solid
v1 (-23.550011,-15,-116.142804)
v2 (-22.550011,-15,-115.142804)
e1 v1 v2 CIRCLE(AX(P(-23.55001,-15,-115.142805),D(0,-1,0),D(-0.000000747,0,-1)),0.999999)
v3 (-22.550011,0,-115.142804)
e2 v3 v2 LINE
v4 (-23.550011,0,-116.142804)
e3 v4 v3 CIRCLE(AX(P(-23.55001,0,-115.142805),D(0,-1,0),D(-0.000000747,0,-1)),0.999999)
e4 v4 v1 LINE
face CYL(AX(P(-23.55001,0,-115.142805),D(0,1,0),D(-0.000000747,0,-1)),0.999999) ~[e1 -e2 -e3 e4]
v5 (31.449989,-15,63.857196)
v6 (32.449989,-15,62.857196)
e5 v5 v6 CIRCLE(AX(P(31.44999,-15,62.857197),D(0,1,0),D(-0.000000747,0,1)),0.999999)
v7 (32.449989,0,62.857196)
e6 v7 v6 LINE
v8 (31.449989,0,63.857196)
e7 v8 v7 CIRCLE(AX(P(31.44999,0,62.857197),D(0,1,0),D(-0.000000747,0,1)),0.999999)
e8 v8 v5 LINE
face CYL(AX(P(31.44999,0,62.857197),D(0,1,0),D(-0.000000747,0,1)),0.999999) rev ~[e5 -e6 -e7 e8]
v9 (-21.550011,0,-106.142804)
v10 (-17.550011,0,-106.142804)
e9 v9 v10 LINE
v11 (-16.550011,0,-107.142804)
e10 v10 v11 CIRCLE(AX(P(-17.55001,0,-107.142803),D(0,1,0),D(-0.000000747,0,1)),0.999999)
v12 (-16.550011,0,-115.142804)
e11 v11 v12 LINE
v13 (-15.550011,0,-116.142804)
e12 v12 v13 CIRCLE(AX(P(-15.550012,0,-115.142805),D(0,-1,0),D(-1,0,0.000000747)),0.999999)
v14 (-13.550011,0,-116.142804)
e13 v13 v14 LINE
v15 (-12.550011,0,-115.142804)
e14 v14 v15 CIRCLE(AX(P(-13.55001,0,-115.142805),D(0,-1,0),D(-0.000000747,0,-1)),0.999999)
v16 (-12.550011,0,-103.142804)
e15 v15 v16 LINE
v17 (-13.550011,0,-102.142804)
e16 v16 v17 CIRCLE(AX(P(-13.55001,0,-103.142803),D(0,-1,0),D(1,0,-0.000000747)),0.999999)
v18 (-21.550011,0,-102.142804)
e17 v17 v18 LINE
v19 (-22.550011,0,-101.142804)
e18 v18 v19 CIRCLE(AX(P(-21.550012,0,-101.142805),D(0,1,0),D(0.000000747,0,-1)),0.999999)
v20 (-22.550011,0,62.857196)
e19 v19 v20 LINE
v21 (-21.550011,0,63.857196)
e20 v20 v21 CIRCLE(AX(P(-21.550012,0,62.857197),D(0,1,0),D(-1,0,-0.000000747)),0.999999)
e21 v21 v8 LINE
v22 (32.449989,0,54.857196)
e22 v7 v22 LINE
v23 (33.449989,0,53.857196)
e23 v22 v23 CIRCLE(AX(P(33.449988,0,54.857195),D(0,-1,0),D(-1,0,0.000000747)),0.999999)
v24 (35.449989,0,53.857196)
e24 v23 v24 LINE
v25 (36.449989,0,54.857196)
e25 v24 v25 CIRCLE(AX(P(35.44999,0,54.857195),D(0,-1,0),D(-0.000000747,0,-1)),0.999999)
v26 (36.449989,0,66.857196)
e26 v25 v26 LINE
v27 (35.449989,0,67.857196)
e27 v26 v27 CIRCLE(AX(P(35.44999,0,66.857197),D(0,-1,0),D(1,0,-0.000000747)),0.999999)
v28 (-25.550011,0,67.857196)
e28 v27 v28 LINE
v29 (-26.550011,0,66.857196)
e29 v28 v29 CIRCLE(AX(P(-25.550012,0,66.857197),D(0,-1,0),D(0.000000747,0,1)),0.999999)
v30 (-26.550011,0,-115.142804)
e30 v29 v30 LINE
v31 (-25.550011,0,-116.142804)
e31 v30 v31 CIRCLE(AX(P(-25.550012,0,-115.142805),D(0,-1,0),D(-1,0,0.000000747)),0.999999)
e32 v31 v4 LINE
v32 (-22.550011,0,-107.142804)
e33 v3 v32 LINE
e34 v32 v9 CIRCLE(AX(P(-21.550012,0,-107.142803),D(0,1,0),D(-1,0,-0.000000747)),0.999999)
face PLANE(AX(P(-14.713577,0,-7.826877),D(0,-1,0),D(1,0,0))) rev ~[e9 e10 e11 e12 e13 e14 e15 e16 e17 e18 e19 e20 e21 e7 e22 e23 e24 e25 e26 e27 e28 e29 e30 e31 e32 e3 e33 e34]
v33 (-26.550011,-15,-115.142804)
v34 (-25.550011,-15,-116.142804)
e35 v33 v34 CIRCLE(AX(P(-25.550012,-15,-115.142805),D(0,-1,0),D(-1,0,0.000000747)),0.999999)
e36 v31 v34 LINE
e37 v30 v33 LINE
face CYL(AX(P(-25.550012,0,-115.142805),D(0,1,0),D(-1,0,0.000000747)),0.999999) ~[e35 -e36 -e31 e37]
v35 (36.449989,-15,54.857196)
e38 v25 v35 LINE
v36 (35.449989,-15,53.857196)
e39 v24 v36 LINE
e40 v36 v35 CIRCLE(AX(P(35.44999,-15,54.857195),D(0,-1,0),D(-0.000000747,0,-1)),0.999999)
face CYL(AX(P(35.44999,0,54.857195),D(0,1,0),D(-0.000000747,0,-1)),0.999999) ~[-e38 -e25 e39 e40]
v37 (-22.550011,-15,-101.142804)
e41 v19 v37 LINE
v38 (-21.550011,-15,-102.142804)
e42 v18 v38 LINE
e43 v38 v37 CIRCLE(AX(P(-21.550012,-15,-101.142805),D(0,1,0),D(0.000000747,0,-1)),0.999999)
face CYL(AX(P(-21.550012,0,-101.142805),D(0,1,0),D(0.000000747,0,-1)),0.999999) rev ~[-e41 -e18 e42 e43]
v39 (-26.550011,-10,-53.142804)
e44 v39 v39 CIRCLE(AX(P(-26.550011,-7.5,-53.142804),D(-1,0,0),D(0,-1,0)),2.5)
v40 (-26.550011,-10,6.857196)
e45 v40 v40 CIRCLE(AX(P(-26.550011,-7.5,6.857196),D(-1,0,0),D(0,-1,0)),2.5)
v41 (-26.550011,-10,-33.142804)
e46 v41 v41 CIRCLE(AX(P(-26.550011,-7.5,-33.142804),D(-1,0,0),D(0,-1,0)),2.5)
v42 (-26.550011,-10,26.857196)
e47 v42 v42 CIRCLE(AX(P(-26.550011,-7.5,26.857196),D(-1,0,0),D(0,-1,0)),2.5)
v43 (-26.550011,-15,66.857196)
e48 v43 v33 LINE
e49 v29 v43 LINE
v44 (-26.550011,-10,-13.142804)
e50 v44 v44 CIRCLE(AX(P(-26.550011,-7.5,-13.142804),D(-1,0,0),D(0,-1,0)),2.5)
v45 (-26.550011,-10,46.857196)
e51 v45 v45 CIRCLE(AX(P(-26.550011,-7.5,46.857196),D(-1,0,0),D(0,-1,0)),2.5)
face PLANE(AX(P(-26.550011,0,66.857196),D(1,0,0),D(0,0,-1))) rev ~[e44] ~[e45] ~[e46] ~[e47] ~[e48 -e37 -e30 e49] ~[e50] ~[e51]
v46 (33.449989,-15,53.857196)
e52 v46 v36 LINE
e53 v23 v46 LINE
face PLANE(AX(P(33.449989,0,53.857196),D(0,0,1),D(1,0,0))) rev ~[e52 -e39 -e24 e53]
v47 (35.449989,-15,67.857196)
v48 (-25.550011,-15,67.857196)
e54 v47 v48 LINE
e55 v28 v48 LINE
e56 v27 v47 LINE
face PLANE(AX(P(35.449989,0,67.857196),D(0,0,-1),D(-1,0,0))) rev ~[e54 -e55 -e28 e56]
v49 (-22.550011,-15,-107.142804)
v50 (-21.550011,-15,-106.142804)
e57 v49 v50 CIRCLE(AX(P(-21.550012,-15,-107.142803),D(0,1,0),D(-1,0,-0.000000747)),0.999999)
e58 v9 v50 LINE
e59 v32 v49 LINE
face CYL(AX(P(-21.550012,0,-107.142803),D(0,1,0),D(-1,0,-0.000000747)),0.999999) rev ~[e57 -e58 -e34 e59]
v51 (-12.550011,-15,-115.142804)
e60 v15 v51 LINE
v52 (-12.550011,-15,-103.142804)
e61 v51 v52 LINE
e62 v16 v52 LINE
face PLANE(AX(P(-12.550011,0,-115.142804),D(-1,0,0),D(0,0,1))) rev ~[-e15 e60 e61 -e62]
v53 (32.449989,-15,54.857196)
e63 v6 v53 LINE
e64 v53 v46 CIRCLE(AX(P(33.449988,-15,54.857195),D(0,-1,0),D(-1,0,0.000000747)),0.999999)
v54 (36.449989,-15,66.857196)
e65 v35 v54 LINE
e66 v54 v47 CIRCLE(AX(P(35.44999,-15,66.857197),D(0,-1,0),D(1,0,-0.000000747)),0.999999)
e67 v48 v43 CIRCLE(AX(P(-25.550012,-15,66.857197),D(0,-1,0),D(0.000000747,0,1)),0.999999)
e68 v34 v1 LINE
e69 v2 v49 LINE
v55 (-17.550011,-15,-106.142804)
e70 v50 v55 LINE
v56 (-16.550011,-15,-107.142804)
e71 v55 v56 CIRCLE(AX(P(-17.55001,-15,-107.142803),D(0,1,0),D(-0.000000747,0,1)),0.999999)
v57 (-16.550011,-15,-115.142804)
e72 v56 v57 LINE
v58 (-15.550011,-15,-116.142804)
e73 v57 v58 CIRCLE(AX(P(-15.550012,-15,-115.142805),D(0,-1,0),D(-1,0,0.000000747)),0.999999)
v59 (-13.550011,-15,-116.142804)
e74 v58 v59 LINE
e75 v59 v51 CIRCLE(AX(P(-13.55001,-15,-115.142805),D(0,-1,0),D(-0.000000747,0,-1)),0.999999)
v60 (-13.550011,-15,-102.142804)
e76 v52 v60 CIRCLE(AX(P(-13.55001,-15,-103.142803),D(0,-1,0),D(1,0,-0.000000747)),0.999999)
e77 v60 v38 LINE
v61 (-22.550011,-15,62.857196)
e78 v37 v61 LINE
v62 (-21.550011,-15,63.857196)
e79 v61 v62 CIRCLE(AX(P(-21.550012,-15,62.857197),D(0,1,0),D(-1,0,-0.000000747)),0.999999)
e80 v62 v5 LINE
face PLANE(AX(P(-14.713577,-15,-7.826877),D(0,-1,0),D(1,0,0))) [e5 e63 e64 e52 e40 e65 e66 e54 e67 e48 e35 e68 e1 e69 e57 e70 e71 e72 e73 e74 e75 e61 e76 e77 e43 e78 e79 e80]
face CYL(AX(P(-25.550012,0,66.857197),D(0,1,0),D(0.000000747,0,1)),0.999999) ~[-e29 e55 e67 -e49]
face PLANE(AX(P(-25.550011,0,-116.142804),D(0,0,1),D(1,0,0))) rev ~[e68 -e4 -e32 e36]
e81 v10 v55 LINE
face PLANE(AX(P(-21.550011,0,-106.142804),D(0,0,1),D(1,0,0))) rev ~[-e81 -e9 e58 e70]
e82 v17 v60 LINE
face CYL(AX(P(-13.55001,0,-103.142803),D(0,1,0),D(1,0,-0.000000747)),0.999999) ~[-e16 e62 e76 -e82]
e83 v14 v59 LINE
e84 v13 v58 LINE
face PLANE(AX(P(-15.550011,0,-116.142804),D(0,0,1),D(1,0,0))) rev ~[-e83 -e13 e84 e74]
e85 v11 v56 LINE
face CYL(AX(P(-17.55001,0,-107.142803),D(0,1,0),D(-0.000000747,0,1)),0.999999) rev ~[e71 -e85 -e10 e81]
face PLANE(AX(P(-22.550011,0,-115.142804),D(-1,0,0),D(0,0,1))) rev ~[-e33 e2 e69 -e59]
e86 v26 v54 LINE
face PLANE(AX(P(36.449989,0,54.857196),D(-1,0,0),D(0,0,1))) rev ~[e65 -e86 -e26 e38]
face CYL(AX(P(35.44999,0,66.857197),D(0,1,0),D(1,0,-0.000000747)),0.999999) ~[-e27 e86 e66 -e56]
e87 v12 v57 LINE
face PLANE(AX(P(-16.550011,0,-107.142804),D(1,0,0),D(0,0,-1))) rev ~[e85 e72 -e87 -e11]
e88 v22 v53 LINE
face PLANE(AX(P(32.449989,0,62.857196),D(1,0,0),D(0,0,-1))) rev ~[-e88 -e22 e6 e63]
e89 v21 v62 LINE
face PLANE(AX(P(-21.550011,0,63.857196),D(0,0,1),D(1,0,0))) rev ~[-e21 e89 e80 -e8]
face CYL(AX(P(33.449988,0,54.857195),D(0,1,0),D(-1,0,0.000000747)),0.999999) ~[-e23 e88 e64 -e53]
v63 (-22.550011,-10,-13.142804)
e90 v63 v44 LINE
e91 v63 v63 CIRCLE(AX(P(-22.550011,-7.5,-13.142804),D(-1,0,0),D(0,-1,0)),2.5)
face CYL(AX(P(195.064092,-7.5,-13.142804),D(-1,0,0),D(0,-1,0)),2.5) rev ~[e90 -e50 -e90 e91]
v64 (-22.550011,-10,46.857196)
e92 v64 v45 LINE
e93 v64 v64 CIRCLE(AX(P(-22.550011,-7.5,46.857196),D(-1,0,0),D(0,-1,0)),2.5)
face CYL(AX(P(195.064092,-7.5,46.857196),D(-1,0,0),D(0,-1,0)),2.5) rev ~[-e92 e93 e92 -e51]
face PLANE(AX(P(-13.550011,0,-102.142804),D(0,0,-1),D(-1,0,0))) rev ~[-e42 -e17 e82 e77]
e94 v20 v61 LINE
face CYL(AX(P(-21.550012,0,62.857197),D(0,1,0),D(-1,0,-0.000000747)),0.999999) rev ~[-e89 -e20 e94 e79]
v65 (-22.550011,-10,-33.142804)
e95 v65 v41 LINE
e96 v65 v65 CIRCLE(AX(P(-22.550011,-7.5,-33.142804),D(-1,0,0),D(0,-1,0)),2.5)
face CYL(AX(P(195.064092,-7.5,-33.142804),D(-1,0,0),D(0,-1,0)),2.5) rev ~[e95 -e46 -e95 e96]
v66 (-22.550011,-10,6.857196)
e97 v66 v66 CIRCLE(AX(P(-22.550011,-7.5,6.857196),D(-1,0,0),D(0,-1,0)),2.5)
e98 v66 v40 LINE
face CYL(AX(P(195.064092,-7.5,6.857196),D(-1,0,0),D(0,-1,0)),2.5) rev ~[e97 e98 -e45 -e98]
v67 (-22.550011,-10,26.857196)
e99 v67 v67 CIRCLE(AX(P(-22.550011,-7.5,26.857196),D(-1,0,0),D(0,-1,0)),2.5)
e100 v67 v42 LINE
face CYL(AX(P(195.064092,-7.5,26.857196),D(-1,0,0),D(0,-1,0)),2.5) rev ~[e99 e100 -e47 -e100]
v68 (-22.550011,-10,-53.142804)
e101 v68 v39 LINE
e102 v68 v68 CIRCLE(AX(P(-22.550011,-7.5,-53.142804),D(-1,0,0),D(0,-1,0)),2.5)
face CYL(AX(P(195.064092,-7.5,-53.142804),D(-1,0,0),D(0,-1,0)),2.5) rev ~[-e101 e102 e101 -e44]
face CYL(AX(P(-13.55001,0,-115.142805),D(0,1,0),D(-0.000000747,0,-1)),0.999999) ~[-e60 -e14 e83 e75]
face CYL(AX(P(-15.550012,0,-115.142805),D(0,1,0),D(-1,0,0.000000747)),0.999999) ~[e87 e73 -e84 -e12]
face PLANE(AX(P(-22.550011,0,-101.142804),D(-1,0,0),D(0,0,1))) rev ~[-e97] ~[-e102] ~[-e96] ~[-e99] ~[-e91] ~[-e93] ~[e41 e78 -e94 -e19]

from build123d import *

# Parameters (mm, degrees)
F1_DEPTH = 15
F3_D     = 5


with BuildPart() as f1:
    # F0 (on Front) → F1 (new body)
    with BuildSketch(Plane.XZ):
        with BuildLine():
            ThreePointArc((-21.550011, -102.142804), (-22.257118, -101.849911), (-22.550011, -101.142804))
            Line((-22.550011, -101.142804), (-22.550011, 62.857196))
            ThreePointArc((-22.550011, 62.857196), (-22.257118, 63.564303), (-21.550011, 63.857196))
            Line((-21.550011, 63.857196), (31.449989, 63.857196))
            ThreePointArc((31.449989, 63.857196), (32.157096, 63.564303), (32.449989, 62.857196))
            Line((32.449989, 62.857196), (32.449989, 54.857196))
            ThreePointArc((32.449989, 54.857196), (32.742882, 54.150089), (33.449989, 53.857196))
            Line((33.449989, 53.857196), (35.449989, 53.857196))
            ThreePointArc((35.449989, 53.857196), (36.157096, 54.150089), (36.449989, 54.857196))
            Line((36.449989, 54.857196), (36.449989, 66.857196))
            ThreePointArc((36.449989, 66.857196), (36.157096, 67.564303), (35.449989, 67.857196))
            Line((35.449989, 67.857196), (-25.550011, 67.857196))
            ThreePointArc((-25.550011, 67.857196), (-26.257118, 67.564303), (-26.550011, 66.857196))
            Line((-26.550011, 66.857196), (-26.550011, -106.142804))
            Line((-26.550011, -106.142804), (-26.550011, -115.142804))
            ThreePointArc((-26.550011, -115.142804), (-26.257118, -115.849911), (-25.550011, -116.142804))
            Line((-25.550011, -116.142804), (-23.550011, -116.142804))
            ThreePointArc((-23.550011, -116.142804), (-22.842904, -115.849911), (-22.550011, -115.142804))
            Line((-22.550011, -115.142804), (-22.550011, -107.142804))
            ThreePointArc((-22.550011, -107.142804), (-22.257118, -106.435697), (-21.550011, -106.142804))
            Line((-21.550011, -106.142804), (-17.550011, -106.142804))
            ThreePointArc((-17.550011, -106.142804), (-16.842904, -106.435697), (-16.550011, -107.142804))
            Line((-16.550011, -107.142804), (-16.550011, -115.142804))
            ThreePointArc((-16.550011, -115.142804), (-16.257118, -115.849911), (-15.550011, -116.142804))
            Line((-15.550011, -116.142804), (-13.550011, -116.142804))
            ThreePointArc((-13.550011, -116.142804), (-12.842904, -115.849911), (-12.550011, -115.142804))
            Line((-12.550011, -115.142804), (-12.550011, -103.142804))
            ThreePointArc((-12.550011, -103.142804), (-12.842904, -102.435697), (-13.550011, -102.142804))
            Line((-13.550011, -102.142804), (-21.550011, -102.142804))
        make_face()
    extrude(amount=F1_DEPTH)

    # F3 (through all)
    with Locations(Plane.YZ):
        with Locations((-7.5, 26.857196), (-7.5, 46.857196), (-7.5, 6.857196), (-7.5, -13.142804), (-7.5, -33.142804), (-7.5, -53.142804)):
            Hole(F3_D / 2)


solid = f1.part
